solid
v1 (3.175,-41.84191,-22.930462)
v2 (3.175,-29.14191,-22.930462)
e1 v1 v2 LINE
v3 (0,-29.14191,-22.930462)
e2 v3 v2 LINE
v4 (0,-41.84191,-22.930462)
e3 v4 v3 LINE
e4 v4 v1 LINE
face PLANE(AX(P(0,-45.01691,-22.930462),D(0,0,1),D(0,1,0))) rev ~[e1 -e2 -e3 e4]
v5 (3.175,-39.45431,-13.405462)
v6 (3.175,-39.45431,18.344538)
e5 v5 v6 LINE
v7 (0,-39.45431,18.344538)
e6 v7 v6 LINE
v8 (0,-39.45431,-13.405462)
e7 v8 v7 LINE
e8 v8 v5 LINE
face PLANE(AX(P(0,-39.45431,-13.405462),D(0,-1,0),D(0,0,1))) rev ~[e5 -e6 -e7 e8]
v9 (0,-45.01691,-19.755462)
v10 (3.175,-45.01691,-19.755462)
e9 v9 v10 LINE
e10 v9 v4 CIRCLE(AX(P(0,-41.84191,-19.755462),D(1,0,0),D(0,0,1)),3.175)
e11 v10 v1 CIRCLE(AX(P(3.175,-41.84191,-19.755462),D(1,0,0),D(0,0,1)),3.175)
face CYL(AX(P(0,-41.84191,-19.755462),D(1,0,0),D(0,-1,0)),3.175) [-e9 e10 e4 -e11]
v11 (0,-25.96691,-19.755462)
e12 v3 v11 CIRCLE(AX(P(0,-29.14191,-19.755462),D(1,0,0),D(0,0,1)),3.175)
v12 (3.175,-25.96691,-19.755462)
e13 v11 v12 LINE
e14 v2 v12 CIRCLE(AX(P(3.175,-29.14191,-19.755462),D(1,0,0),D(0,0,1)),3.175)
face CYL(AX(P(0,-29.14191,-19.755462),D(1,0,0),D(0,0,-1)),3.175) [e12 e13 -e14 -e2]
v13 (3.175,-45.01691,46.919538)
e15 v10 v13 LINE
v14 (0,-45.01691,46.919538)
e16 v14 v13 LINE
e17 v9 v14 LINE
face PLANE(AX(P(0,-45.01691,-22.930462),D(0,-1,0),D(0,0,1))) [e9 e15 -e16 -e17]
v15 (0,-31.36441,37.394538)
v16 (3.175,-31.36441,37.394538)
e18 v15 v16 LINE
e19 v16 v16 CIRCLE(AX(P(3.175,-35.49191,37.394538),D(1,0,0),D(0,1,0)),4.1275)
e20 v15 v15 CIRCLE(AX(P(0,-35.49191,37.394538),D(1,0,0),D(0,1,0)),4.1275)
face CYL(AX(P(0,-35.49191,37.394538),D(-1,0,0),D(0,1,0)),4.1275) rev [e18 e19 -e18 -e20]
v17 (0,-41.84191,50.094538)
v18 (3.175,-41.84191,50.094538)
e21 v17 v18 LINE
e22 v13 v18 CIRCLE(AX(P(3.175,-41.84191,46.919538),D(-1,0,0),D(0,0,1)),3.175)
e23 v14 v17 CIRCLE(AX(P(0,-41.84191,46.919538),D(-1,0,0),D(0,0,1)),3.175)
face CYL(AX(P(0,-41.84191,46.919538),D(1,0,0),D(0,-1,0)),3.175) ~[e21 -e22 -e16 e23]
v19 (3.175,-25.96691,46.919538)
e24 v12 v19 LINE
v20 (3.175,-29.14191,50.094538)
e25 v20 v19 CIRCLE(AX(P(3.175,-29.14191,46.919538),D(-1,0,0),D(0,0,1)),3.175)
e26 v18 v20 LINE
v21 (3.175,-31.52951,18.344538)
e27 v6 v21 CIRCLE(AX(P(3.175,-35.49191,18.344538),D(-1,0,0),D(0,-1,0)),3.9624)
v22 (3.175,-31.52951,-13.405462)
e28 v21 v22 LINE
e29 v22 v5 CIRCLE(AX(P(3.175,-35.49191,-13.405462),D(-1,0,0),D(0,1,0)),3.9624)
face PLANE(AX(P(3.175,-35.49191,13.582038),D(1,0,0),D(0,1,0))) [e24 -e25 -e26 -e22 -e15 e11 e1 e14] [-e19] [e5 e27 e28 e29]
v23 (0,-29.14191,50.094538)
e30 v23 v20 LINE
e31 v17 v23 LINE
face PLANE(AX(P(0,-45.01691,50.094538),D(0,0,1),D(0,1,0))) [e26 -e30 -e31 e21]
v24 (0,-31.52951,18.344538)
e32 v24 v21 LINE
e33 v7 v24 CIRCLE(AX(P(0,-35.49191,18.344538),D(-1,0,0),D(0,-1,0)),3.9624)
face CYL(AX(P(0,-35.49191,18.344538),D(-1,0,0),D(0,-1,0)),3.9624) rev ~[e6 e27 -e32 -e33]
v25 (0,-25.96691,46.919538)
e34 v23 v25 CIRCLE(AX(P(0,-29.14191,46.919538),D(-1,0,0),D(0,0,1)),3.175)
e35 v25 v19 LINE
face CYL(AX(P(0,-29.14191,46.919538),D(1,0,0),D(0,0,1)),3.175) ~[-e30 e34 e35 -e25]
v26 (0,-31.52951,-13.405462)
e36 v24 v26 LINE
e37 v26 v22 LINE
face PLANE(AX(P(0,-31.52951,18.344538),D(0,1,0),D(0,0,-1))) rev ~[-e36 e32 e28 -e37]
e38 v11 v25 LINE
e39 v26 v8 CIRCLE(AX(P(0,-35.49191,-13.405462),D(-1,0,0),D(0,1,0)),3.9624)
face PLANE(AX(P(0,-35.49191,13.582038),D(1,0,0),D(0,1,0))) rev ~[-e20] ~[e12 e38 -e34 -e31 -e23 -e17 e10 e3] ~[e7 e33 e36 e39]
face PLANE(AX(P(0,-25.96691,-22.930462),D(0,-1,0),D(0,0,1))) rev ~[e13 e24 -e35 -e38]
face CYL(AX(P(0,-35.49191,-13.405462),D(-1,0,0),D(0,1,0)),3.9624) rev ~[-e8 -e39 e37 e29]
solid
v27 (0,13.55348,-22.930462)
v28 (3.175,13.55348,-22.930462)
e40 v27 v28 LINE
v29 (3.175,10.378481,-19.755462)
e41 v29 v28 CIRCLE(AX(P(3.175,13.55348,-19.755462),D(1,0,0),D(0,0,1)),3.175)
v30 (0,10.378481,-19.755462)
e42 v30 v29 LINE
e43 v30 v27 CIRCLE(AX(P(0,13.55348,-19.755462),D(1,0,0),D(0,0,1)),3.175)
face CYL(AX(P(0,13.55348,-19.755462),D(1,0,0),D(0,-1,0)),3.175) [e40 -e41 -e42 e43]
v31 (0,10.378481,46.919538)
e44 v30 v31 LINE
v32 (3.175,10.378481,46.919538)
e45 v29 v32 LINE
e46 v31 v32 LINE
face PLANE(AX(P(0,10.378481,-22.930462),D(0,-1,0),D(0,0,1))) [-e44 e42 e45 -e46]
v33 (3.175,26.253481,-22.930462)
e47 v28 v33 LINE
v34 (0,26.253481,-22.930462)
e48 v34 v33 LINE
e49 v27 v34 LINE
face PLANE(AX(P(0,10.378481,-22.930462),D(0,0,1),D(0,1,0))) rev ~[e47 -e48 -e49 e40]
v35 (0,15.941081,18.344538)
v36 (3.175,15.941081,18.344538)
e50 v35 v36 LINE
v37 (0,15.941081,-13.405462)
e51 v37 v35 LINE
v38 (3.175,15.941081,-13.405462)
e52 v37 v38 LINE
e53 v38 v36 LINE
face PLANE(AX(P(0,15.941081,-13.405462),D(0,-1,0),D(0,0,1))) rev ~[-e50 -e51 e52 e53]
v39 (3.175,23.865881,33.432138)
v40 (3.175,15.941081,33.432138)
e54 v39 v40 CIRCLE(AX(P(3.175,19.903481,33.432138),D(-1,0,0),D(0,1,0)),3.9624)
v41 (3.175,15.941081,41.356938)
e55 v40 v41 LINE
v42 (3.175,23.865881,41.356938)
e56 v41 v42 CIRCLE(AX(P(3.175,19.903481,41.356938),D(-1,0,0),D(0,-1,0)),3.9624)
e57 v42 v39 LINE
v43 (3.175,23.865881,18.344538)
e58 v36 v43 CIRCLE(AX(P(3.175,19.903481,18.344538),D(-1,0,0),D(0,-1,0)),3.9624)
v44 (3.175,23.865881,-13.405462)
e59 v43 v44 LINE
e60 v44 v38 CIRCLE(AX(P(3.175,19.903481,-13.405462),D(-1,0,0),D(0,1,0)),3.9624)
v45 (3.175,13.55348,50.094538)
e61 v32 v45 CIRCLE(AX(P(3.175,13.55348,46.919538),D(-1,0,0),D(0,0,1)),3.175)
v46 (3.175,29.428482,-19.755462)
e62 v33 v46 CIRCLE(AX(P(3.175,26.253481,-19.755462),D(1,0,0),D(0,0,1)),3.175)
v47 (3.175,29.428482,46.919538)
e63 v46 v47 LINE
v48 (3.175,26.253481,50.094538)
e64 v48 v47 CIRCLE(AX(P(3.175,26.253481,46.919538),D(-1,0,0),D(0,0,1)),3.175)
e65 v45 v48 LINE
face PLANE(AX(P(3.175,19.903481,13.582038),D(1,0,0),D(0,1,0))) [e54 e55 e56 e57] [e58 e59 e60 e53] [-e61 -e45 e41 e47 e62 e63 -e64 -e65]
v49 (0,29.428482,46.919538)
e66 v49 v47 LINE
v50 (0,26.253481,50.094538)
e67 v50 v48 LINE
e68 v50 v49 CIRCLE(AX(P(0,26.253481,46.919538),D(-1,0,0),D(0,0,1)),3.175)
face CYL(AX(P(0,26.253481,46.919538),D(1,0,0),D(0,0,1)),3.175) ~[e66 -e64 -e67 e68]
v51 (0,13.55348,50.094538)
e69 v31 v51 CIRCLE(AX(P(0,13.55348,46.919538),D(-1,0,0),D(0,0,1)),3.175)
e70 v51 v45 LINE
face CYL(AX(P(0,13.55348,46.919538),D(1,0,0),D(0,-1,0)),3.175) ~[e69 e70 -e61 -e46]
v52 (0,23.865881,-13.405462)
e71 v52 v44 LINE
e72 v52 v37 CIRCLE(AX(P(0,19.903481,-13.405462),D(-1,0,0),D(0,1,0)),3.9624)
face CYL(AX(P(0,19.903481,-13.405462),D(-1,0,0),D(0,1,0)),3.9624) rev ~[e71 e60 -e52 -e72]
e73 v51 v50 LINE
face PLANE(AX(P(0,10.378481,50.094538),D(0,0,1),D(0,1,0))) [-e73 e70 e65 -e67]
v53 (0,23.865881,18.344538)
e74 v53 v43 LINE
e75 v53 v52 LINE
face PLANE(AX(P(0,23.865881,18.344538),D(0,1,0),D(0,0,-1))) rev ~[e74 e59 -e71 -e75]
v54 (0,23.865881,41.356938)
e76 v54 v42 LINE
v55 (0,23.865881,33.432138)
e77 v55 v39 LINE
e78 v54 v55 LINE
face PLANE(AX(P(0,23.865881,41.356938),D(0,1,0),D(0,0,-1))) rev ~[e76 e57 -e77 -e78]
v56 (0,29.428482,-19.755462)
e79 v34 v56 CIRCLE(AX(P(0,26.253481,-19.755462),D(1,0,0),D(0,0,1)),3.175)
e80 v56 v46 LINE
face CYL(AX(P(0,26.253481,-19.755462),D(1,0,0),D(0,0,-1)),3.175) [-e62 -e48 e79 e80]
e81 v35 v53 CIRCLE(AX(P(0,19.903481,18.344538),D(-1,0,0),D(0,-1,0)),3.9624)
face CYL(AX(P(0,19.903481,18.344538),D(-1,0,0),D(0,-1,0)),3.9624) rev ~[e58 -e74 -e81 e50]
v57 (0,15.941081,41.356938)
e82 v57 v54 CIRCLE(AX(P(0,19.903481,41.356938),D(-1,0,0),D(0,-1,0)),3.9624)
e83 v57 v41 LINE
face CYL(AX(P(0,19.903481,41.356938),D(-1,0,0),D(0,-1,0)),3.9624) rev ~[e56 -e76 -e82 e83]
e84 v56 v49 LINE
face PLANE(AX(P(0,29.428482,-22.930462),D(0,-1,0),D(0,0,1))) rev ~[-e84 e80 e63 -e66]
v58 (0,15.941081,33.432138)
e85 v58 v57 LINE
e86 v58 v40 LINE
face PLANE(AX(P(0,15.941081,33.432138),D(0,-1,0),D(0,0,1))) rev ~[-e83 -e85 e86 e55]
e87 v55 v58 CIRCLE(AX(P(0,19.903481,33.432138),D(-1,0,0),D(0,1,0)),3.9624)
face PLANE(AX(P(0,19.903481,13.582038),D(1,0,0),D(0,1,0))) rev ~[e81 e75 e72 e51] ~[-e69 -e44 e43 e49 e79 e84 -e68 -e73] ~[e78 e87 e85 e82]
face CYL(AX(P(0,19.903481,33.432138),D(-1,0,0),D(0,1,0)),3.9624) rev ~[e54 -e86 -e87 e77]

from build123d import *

# Parameters (mm, degrees)
F0_W     = 19.05
F0_H     = 73.025
F0_R     = 4.1275
F0_W_2   = 19.050001
F1_DEPTH = 3.175
F2_R     = 3.175


with BuildPart() as f1:
    # F0 (on Right) → F1 (new body)
    with BuildSketch(Plane.YZ):
        with Locations((-35.49191, 13.582038)):
            Rectangle(F0_W, F0_H)
        with BuildLine():
            Line((-39.45431, -13.405462), (-39.45431, 18.344538))
            ThreePointArc((-39.45431, 18.344538), (-35.49191, 22.306938), (-31.52951, 18.344538))
            Line((-31.52951, 18.344538), (-31.52951, -13.405462))
            ThreePointArc((-31.52951, -13.405462), (-35.49191, -17.367862), (-39.45431, -13.405462))
        make_face(mode=Mode.SUBTRACT)
        with Locations((-35.49191, 37.394538)):
            Circle(F0_R, mode=Mode.SUBTRACT)
        with Locations((19.903481, 13.582038)):
            Rectangle(F0_W_2, F0_H)
        with BuildLine():
            Line((15.941081, -13.405462), (15.941081, 18.344538))
            ThreePointArc((15.941081, 18.344538), (19.903481, 22.306938), (23.865881, 18.344538))
            Line((23.865881, 18.344538), (23.865881, -13.405462))
            ThreePointArc((23.865881, -13.405462), (19.903481, -17.367862), (15.941081, -13.405462))
        make_face(mode=Mode.SUBTRACT)
        with BuildLine():
            Line((15.941081, 33.432138), (15.941081, 41.356938))
            ThreePointArc((15.941081, 41.356938), (19.903481, 45.319338), (23.865881, 41.356938))
            Line((23.865881, 41.356938), (23.865881, 33.432138))
            ThreePointArc((23.865881, 33.432138), (19.903481, 29.469738), (15.941081, 33.432138))
        make_face(mode=Mode.SUBTRACT)
    extrude(amount=F1_DEPTH)

    # F2
    f2_edges = [f1.edges().sort_by_distance(p)[0] for p in [
        (1.5875, -45.01691, 50.094538),
        (1.5875, -25.96691, 50.094538),
        (1.5875, 10.37848, 50.094538),
        (1.5875, 29.428481, 50.094538),
        (1.5875, -45.01691, -22.930462),
        (1.5875, -25.96691, -22.930462),
        (1.5875, 10.37848, -22.930462),
        (1.5875, 29.428481, -22.930462),
    ]]
    fillet(f2_edges, radius=F2_R)


solid = f1.part
